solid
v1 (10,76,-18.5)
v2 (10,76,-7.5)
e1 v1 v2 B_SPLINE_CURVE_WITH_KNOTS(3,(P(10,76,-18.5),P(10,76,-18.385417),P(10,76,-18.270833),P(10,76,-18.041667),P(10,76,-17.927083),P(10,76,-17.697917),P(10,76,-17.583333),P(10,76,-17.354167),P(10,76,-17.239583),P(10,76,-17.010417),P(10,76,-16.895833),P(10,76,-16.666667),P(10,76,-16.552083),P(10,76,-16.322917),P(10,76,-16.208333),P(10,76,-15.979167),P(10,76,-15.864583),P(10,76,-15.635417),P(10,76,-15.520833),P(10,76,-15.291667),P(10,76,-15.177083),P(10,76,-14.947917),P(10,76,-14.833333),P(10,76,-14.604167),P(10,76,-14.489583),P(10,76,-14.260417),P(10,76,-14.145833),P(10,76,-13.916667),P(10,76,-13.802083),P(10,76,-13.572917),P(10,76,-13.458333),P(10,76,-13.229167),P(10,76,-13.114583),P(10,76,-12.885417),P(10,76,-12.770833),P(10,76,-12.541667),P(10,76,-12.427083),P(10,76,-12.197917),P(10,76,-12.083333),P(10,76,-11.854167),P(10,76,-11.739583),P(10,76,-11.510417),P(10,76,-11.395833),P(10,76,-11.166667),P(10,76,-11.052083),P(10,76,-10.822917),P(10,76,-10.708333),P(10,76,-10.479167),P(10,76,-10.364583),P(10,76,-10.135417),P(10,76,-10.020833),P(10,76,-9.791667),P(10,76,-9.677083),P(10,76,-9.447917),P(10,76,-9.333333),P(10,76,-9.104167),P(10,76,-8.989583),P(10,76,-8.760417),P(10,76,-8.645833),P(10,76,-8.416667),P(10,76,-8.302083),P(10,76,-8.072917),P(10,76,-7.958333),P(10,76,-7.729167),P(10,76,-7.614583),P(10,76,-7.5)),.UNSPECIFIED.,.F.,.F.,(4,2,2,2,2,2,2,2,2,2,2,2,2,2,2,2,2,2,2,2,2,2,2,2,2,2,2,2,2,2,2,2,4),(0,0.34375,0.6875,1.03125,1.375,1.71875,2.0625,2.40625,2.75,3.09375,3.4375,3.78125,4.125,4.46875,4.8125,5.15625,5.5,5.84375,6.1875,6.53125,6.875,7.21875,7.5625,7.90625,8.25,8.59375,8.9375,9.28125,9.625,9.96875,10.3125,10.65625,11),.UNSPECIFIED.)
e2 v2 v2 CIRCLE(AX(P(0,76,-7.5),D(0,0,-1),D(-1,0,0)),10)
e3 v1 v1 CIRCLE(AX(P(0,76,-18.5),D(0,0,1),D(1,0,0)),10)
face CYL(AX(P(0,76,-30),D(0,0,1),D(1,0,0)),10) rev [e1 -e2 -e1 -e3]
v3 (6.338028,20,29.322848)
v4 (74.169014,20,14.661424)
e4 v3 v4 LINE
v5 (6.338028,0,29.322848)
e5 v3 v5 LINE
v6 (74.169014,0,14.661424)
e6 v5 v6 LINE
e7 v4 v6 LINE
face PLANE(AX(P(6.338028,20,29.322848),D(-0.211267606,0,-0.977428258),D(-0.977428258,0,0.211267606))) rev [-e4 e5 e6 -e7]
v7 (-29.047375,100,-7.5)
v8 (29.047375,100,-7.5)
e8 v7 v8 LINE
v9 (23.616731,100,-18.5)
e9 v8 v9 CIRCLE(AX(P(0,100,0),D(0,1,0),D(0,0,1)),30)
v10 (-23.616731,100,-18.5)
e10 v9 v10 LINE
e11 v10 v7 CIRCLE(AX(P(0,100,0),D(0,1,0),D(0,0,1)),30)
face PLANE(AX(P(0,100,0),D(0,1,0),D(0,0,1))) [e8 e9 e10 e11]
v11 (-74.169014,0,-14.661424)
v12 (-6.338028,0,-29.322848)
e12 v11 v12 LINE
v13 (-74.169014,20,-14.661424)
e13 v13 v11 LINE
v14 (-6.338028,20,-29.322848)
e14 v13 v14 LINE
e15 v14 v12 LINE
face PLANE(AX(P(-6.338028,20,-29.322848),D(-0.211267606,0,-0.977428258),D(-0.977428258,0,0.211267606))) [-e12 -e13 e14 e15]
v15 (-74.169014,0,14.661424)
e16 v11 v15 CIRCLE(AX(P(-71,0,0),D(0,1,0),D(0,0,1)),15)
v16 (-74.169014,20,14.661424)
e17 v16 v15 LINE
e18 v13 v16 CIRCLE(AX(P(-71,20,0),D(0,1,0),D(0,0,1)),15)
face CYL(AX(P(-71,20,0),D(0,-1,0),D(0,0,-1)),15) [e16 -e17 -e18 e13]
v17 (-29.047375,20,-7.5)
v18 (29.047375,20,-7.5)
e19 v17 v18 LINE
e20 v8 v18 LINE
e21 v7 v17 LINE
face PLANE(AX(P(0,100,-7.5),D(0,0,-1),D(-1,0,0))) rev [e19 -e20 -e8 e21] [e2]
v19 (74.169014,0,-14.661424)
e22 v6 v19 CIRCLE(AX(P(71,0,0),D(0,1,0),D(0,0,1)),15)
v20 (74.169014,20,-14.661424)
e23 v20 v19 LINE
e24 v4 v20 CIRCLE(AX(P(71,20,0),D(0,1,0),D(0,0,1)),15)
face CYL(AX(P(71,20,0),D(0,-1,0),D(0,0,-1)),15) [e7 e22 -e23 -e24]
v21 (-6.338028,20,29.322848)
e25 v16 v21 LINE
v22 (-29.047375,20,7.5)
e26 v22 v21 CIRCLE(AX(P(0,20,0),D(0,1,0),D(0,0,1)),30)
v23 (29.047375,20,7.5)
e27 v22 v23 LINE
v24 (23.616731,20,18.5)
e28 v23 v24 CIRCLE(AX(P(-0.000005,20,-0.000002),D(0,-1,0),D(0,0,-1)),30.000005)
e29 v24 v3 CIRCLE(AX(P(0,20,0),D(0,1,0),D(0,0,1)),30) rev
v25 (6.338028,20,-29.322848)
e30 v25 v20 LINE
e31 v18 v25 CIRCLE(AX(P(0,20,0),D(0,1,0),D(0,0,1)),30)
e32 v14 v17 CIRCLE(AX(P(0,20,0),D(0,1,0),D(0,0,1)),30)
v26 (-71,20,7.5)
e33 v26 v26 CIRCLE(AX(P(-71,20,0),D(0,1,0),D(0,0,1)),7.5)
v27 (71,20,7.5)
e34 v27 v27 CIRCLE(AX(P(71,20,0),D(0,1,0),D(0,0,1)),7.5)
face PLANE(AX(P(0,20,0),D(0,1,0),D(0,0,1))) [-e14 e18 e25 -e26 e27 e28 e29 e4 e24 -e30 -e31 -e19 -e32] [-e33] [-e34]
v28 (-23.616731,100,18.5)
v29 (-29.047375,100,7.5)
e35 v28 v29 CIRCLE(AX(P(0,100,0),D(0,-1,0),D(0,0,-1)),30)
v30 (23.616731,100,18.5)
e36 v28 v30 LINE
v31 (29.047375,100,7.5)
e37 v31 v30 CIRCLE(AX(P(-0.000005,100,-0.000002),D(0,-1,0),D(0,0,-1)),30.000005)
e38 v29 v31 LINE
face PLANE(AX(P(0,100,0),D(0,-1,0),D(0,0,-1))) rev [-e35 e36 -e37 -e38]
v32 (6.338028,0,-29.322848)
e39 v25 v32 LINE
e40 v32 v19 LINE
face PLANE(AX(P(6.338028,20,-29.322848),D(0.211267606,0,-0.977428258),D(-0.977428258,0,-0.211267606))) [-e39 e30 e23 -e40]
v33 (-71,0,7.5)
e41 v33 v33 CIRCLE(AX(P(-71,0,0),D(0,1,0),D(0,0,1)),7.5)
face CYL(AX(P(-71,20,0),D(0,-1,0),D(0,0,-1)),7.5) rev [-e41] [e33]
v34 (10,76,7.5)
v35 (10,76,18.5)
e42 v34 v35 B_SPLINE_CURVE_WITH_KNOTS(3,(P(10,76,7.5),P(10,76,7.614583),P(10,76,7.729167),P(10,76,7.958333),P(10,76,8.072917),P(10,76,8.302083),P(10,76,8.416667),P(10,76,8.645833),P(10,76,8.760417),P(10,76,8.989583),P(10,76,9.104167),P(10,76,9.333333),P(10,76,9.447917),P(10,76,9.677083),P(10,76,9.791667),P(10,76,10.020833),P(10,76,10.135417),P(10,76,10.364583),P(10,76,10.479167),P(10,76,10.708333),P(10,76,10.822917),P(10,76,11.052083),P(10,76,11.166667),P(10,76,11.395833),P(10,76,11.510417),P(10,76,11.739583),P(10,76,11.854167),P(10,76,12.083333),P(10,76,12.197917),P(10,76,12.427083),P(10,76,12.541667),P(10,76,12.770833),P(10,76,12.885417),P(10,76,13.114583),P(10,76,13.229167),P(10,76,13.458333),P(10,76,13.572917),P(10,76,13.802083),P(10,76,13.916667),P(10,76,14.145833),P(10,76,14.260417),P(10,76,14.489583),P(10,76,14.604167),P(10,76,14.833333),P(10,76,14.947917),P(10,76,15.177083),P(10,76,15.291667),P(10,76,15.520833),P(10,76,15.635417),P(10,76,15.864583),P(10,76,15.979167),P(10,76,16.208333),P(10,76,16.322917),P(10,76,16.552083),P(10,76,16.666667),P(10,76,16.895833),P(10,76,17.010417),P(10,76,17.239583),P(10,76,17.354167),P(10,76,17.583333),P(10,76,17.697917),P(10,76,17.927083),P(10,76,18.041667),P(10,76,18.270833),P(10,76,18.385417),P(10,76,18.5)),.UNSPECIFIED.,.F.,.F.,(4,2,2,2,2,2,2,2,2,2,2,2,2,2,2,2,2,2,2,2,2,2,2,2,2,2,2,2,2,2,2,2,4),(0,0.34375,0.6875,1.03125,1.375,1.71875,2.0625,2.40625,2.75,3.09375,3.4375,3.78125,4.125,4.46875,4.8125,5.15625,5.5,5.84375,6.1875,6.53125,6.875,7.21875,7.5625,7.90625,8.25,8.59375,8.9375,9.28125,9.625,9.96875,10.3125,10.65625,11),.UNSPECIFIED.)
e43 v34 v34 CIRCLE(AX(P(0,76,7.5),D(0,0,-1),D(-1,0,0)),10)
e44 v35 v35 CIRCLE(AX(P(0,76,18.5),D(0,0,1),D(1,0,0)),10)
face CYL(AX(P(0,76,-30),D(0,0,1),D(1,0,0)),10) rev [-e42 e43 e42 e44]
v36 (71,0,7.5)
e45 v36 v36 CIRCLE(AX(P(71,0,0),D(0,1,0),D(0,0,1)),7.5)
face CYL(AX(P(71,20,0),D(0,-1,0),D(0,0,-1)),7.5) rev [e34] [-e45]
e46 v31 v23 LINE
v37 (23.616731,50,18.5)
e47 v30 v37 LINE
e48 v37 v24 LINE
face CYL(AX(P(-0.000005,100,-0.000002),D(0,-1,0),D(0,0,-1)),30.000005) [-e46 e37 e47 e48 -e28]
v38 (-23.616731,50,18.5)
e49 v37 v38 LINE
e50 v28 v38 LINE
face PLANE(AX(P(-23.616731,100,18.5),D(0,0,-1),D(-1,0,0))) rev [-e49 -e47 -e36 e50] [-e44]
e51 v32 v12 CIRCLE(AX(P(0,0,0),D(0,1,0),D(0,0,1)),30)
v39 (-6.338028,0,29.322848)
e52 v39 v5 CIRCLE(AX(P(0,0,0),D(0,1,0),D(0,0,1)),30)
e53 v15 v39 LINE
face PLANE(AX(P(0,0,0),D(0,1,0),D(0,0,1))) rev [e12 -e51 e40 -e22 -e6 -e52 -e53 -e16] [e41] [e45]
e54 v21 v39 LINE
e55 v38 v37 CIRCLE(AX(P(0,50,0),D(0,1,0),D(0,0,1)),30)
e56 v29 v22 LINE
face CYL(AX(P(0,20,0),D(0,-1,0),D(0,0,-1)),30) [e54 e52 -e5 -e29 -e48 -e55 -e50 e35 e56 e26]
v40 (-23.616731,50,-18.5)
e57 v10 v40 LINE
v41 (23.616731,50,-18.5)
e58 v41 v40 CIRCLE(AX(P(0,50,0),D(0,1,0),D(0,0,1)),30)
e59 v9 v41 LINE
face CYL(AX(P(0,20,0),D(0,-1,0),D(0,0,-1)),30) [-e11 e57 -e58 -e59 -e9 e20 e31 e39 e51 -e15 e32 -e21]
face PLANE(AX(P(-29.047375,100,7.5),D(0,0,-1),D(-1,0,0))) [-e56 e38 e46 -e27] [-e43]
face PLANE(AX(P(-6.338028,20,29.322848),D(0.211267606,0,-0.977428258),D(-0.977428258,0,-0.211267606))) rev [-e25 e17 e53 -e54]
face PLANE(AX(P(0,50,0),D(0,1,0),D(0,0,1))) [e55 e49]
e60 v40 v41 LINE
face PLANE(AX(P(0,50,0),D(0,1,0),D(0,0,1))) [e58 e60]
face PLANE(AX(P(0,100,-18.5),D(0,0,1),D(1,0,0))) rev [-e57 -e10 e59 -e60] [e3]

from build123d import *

# Parameters (mm, degrees)
CROQUIS1_R              = 7.5
SALIENTE_EXTRUIR2_DEPTH = 20
SALIENTE_EXTRUIR3_DEPTH = 30
SALIENTE_EXTRUIR4_DEPTH = 80
CROQUIS4_R              = 10
CORTAR_EXTRUIR1_DEPTH   = 141.528466867


with BuildPart() as part:
    # Croquis1 → Saliente-Extruir2 (new body)
    # profile 1 of 7: a face of its own
    with BuildSketch(Plane(origin=(0, 0, 0), x_dir=(1, 0, 0), z_dir=(0, 1, 0))):
        with BuildLine():
            Line((74.169014085, 14.661423864), (6.338028169, 29.322847729))
            ThreePointArc((6.338028169, 29.322847729), (15.924993338, 25.424291282), (23.616731357, 18.5))
            ThreePointArc((23.616731357, 18.5), (26.900316488, 13.280548665), (29.047375097, 7.5))
            ThreePointArc((29.047375097, 7.5), (29.760890888, 3.780128774), (30, 0))
            ThreePointArc((30, 0), (29.760890888, -3.780128774), (29.047375097, -7.5))
            ThreePointArc((29.047375097, -7.5), (26.900316488, -13.280548665), (23.616731357, -18.5))
            ThreePointArc((23.616731357, -18.5), (15.924993338, -25.424291282), (6.338028169, -29.322847729))
            Line((6.338028169, -29.322847729), (74.169014085, -14.661423864))
            ThreePointArc((74.169014085, -14.661423864), (86, 0), (74.169014085, 14.661423864))
        make_face()
        with Locations(Location((71, 0, 0), (0, 0, 270))):
            Circle(CROQUIS1_R, mode=Mode.SUBTRACT)
    # profile 2 of 7: a face of its own
    with BuildSketch(Plane(origin=(0, 0, 0), x_dir=(1, 0, 0), z_dir=(0, 1, 0))):
        with BuildLine():
            ThreePointArc((-29.047375097, -7.5), (-26.900316488, -13.280548665), (-23.616731357, -18.5))
            Line((-23.616731357, -18.5), (23.616731357, -18.5))
            ThreePointArc((23.616731357, -18.5), (26.900316488, -13.280548665), (29.047375097, -7.5))
            Line((29.047375097, -7.5), (-29.047375097, -7.5))
        make_face()
    # profile 3 of 7: a face of its own
    with BuildSketch(Plane(origin=(0, 0, 0), x_dir=(1, 0, 0), z_dir=(0, 1, 0))):
        with BuildLine():
            ThreePointArc((-23.616731357, -18.5), (-15.924993338, -25.424291282), (-6.338028169, -29.322847729))
            ThreePointArc((-6.338028169, -29.322847729), (0, -30), (6.338028169, -29.322847729))
            ThreePointArc((6.338028169, -29.322847729), (15.924993338, -25.424291282), (23.616731357, -18.5))
            Line((23.616731357, -18.5), (-23.616731357, -18.5))
        make_face()
    # profile 4 of 7: a face of its own
    with BuildSketch(Plane(origin=(0, 0, 0), x_dir=(1, 0, 0), z_dir=(0, 1, 0))):
        with BuildLine():
            Line((29.047375097, 7.5), (-29.047375097, 7.5))
            ThreePointArc((-29.047375097, 7.5), (-30, 0), (-29.047375097, -7.5))
            Line((-29.047375097, -7.5), (29.047375097, -7.5))
            ThreePointArc((29.047375097, -7.5), (29.760890888, -3.780128774), (30, 0))
            ThreePointArc((30, 0), (29.760890888, 3.780128774), (29.047375097, 7.5))
        make_face()
    # profile 5 of 7: a face of its own
    with BuildSketch(Plane(origin=(0, 0, 0), x_dir=(1, 0, 0), z_dir=(0, 1, 0))):
        with BuildLine():
            Line((23.616731357, 18.5), (-23.616731357, 18.5))
            ThreePointArc((-23.616731357, 18.5), (-26.900316488, 13.280548665), (-29.047375097, 7.5))
            Line((-29.047375097, 7.5), (29.047375097, 7.5))
            ThreePointArc((29.047375097, 7.5), (26.900316488, 13.280548665), (23.616731357, 18.5))
        make_face()
    # profile 6 of 7: a face of its own
    with BuildSketch(Plane(origin=(0, 0, 0), x_dir=(1, 0, 0), z_dir=(0, 1, 0))):
        with BuildLine():
            ThreePointArc((6.338028169, 29.322847729), (0, 30), (-6.338028169, 29.322847729))
            ThreePointArc((-6.338028169, 29.322847729), (-15.924993338, 25.424291282), (-23.616731357, 18.5))
            Line((-23.616731357, 18.5), (23.616731357, 18.5))
            ThreePointArc((23.616731357, 18.5), (15.924993338, 25.424291282), (6.338028169, 29.322847729))
        make_face()
    # profile 7 of 7: a face of its own
    with BuildSketch(Plane(origin=(0, 0, 0), x_dir=(1, 0, 0), z_dir=(0, 1, 0))):
        with BuildLine():
            Line((-6.338028169, 29.322847729), (-74.169014085, 14.661423864))
            ThreePointArc((-74.169014085, 14.661423864), (-86, 0), (-74.169014085, -14.661423864))
            Line((-74.169014085, -14.661423864), (-6.338028169, -29.322847729))
            ThreePointArc((-6.338028169, -29.322847729), (-15.924993338, -25.424291282), (-23.616731357, -18.5))
            ThreePointArc((-23.616731357, -18.5), (-26.900316488, -13.280548665), (-29.047375097, -7.5))
            ThreePointArc((-29.047375097, -7.5), (-30, 0), (-29.047375097, 7.5))
            ThreePointArc((-29.047375097, 7.5), (-26.900316488, 13.280548665), (-23.616731357, 18.5))
            ThreePointArc((-23.616731357, 18.5), (-15.924993338, 25.424291282), (-6.338028169, 29.322847729))
        make_face()
        with Locations(Location((-71, 0, 0), (0, 0, 270))):
            Circle(CROQUIS1_R, mode=Mode.SUBTRACT)
    extrude(amount=SALIENTE_EXTRUIR2_DEPTH)

    # Croquis2 → Saliente-Extruir3 (add)
    with BuildSketch(Plane(origin=(0, 20, 0), x_dir=(1, 0, 0), z_dir=(0, 1, 0))):
        with BuildLine():
            Line((-23.616731357, 18.5), (23.616731357, 18.5))
            ThreePointArc((23.616731357, 18.5), (0, 30), (-23.616731357, 18.5))
        make_face()
        with BuildLine():
            Line((-23.616731357, -18.5), (23.616731357, -18.5))
            ThreePointArc((23.616731357, -18.5), (0, -30), (-23.616731357, -18.5))
        make_face()
    extrude(amount=SALIENTE_EXTRUIR3_DEPTH)

    # Croquis3 → Saliente-Extruir4 (add)
    with BuildSketch(Plane(origin=(0, 20, 0), x_dir=(1, 0, 0), z_dir=(0, 1, 0))):
        with BuildLine():
            ThreePointArc((-23.616731357, 18.5), (-26.900316488, 13.280548665), (-29.047375097, 7.5))
            Line((-29.047375097, 7.5), (29.047375097, 7.5))
            ThreePointArc((29.047375097, 7.5), (26.900316488, 13.280548665), (23.616731357, 18.5))
            Line((23.616731357, 18.5), (-23.616731357, 18.5))
        make_face()
        with BuildLine():
            Line((-29.047375097, -7.5), (29.047375097, -7.5))
            ThreePointArc((29.047375097, -7.5), (26.900316391, -13.280548617), (23.616731357, -18.5))
            Line((23.616731357, -18.5), (-23.616731357, -18.5))
            ThreePointArc((-23.616731357, -18.5), (-26.900316488, -13.280548665), (-29.047375097, -7.5))
        make_face()
    extrude(amount=SALIENTE_EXTRUIR4_DEPTH)

    # Croquis4 → Cortar-Extruir1 (cut, through all)
    with BuildSketch(Plane.XY.offset(18.5)):
        with Locations((0, 76)):
            Circle(CROQUIS4_R)
    extrude(amount=-CORTAR_EXTRUIR1_DEPTH, mode=Mode.SUBTRACT)


solid = part.part
